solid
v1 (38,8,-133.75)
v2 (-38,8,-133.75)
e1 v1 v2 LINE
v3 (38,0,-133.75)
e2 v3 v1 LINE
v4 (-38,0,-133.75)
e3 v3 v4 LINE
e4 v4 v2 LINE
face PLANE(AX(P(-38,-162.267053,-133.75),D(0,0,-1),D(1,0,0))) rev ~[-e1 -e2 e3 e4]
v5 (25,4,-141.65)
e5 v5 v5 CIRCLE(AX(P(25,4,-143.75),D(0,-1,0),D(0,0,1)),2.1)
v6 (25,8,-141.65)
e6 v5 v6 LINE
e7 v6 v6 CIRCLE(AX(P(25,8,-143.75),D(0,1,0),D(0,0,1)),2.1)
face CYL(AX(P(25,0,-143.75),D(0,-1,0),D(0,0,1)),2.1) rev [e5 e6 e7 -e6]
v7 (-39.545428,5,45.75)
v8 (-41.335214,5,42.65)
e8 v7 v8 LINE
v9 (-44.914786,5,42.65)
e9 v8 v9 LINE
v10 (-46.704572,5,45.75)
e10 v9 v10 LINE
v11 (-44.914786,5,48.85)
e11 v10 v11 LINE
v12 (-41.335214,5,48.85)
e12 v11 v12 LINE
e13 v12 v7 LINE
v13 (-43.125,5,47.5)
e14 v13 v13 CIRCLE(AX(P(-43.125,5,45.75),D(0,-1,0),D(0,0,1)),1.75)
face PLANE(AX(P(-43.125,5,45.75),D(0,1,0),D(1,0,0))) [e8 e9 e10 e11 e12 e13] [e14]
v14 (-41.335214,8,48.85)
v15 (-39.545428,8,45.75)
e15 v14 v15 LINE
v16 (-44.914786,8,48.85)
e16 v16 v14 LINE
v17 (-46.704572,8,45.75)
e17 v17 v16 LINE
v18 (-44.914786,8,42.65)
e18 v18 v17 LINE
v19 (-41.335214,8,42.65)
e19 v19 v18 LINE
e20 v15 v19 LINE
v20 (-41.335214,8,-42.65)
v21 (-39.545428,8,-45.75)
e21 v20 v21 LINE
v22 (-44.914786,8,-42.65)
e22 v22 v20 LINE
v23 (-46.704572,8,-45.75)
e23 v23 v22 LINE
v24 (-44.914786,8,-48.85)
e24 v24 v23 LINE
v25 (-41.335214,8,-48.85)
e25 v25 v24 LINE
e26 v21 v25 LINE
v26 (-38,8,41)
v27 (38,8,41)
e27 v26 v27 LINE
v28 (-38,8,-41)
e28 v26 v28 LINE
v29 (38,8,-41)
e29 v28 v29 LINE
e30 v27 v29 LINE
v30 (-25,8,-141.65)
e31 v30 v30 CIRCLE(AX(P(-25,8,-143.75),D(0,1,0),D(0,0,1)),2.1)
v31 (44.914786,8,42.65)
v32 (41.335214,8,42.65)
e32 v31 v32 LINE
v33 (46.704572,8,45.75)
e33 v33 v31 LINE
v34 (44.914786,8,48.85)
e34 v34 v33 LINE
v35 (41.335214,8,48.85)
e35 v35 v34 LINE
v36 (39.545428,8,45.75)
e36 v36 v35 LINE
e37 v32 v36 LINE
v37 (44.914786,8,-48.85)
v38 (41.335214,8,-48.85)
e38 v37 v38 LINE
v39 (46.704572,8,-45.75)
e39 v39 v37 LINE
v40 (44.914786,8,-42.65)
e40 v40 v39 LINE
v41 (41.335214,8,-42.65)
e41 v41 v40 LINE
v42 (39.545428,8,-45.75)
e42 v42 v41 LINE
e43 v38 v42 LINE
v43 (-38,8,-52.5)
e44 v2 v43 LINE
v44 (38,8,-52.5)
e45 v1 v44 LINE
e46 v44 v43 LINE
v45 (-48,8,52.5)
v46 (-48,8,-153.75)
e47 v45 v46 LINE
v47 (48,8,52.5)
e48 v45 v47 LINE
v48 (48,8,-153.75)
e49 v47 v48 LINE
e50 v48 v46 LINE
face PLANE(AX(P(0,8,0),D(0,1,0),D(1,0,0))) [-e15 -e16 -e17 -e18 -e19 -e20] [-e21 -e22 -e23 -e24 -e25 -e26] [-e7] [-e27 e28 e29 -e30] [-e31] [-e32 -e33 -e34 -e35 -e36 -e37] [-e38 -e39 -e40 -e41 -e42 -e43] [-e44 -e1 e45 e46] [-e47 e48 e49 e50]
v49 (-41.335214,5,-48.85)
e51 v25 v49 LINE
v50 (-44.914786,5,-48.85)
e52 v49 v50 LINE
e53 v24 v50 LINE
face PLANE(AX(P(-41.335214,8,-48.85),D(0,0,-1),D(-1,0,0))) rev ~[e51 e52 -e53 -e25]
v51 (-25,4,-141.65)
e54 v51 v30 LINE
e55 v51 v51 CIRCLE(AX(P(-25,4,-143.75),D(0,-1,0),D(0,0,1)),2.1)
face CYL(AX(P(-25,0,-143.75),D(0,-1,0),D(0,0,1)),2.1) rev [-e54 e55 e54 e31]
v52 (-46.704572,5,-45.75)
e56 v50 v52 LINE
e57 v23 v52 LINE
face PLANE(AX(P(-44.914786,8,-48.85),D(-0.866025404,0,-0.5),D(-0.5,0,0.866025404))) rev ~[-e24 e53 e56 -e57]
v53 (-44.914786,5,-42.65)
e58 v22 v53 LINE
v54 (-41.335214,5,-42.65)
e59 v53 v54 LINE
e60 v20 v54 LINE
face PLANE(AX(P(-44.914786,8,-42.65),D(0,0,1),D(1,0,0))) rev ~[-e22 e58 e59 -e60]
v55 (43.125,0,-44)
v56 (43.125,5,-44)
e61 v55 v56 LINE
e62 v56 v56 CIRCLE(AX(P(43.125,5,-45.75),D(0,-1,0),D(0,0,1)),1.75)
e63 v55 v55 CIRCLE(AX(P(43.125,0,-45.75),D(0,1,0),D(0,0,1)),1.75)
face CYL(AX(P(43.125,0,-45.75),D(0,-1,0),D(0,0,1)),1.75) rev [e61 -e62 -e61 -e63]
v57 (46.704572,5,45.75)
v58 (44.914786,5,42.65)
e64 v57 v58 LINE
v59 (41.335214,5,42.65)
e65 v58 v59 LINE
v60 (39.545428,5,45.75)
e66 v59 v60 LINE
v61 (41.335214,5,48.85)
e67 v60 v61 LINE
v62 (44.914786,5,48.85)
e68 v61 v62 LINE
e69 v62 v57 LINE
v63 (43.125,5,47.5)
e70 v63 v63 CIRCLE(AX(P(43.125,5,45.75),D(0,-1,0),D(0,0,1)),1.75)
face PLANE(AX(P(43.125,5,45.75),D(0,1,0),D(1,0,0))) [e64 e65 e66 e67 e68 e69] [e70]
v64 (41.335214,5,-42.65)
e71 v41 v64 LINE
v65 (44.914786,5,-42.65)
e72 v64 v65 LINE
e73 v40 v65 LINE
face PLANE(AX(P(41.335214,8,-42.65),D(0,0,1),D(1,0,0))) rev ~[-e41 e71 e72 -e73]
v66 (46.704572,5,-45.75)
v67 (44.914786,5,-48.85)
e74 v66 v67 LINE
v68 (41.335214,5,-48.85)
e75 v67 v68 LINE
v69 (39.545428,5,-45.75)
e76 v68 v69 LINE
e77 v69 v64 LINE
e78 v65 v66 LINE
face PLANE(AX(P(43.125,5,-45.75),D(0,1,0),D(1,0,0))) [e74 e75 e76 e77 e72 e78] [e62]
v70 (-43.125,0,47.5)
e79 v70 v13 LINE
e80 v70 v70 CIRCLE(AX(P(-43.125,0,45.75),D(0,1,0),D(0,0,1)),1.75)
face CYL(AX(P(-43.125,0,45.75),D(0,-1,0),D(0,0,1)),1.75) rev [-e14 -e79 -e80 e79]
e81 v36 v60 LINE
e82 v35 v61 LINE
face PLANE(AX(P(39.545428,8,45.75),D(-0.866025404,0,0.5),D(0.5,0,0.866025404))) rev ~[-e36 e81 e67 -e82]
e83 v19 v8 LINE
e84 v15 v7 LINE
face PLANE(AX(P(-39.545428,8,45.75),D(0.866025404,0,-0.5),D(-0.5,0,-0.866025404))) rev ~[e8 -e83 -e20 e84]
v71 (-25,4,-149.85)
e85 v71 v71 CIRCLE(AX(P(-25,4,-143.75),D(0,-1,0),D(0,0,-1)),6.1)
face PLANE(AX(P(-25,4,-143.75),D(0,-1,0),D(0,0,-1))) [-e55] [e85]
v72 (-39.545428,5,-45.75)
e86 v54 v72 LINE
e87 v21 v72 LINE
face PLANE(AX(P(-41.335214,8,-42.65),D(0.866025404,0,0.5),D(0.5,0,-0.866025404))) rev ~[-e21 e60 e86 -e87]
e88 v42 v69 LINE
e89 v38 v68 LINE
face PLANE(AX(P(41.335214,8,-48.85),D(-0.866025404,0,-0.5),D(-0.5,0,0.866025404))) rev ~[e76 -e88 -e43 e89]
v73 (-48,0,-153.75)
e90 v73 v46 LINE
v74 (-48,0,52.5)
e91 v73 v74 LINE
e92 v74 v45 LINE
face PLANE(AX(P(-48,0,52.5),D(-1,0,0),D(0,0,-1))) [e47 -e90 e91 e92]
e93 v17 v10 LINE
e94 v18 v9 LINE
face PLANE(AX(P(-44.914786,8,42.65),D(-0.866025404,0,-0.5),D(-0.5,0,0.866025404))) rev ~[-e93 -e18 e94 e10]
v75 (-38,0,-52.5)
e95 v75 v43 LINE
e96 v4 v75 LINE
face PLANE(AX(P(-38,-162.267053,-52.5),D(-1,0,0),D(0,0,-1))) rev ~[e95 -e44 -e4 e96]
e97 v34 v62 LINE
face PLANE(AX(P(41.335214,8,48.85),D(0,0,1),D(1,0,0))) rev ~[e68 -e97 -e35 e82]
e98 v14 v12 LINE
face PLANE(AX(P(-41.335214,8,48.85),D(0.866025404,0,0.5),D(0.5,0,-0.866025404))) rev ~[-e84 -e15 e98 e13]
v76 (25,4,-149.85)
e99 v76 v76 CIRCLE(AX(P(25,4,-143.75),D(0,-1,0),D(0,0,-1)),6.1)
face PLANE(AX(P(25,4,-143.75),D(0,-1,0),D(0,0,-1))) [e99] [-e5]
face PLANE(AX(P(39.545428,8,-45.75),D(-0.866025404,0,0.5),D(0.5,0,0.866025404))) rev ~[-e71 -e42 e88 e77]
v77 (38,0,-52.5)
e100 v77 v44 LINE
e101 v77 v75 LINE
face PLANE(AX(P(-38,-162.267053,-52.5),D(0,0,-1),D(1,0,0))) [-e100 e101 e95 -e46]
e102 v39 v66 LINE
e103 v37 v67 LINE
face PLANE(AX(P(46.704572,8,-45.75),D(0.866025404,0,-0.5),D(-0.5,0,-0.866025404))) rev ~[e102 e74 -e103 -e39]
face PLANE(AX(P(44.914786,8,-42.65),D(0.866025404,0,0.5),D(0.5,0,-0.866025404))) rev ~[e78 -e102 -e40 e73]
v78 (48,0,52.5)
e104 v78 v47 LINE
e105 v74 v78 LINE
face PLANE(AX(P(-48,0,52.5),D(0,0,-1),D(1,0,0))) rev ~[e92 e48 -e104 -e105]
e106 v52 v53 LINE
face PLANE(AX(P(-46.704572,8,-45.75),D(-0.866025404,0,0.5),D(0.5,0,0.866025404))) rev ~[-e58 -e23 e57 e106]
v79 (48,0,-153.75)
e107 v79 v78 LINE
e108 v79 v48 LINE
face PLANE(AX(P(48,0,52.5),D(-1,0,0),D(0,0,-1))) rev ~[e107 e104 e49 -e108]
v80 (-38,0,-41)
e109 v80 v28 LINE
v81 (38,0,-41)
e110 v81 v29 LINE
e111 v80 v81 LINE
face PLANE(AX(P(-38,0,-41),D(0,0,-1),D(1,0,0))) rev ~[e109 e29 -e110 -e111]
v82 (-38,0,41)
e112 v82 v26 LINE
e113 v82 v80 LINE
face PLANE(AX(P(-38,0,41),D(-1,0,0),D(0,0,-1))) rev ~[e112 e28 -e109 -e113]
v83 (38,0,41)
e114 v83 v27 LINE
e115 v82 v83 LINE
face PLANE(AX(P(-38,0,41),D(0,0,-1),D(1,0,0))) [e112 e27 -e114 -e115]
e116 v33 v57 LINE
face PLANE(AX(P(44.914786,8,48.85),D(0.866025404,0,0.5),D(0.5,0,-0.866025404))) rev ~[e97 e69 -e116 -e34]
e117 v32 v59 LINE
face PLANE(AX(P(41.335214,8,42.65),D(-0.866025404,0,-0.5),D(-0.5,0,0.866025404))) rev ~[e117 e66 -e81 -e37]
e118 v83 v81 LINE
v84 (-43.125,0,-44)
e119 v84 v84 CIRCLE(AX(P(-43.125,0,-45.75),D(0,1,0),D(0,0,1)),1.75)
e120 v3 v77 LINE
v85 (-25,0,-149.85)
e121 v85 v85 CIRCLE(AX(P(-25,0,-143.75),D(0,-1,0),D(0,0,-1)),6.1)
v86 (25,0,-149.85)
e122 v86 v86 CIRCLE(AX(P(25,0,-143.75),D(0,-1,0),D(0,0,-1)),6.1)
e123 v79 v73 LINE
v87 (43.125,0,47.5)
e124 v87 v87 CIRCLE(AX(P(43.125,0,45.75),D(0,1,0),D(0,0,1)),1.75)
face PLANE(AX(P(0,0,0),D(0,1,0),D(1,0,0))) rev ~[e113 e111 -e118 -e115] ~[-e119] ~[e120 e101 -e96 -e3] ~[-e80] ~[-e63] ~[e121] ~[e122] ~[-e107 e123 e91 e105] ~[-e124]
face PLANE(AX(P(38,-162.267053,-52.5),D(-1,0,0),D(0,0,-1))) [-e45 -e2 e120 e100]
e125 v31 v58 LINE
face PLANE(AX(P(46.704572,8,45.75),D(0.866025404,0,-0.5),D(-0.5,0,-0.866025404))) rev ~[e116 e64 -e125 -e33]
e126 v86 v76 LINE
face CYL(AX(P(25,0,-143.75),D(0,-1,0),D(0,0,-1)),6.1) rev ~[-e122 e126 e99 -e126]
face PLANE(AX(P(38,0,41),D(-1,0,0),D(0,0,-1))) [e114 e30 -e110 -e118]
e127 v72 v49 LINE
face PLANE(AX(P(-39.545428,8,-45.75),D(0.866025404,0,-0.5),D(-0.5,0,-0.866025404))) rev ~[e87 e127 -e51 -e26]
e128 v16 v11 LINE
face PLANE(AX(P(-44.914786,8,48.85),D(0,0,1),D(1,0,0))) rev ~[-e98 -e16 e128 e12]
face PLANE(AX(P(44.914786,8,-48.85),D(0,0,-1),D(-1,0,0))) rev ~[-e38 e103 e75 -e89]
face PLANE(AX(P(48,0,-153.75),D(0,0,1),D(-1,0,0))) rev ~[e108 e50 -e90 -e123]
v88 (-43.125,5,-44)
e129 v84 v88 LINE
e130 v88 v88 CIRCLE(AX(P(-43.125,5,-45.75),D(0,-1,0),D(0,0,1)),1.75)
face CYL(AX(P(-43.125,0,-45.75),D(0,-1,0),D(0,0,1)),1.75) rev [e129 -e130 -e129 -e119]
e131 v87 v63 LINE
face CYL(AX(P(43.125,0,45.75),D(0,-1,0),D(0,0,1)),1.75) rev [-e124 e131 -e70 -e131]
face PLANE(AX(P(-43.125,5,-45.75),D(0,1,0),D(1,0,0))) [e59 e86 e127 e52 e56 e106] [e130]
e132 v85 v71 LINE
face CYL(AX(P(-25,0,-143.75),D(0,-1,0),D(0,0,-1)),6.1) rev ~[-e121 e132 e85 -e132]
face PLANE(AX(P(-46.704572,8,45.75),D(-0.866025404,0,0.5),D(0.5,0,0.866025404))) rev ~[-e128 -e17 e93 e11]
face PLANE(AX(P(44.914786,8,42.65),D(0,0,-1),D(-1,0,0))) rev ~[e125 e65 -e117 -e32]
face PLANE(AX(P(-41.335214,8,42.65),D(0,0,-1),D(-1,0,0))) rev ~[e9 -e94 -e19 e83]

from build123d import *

# Parameters (mm, degrees)
SKETCH_1_W               = 96
SKETCH_1_H               = 105
SKETCH_1_R               = 1.75
SKETCH_1_W_2             = 76
SKETCH_1_H_2             = 82
EXTRUDE_1_DEPTH          = 8
SKETCH_1_11_R            = 1.75
SKETCH_1_11_W            = 76
SKETCH_1_11_H            = 82
SKETCH_1_11_R_2          = 2.1
SKETCH_1_11_H_2          = 81.25
EXTRUDE_5_DEPTH          = 8
CUT_EXTRUDE_4_DEPTH      = 162.267053362
CUT_EXTRUDE_4_DEPTH_BACK = 162.267053362
SKETCH_1_12_W            = 76
SKETCH_1_12_H            = 81.25
SKETCH_3_R               = 6.1
CUT_EXTRUDE_5_DEPTH      = 4
CUT_EXTRUDE_6_DEPTH      = 3


with BuildPart() as part:
    # Эскиз1 → Бобышка-Вытянуть1 (new body)
    with BuildSketch(Plane(origin=(0, 0, 0), x_dir=(1, 0, 0), z_dir=(0, 1, 0))):
        Rectangle(SKETCH_1_W, SKETCH_1_H)
        with Locations(Location((-43.125, 45.75, 0), (0, 0, 270))):
            Circle(SKETCH_1_R, mode=Mode.SUBTRACT)
        with Locations(Location((43.125, 45.75, 0), (0, 0, 270))):
            Circle(SKETCH_1_R, mode=Mode.SUBTRACT)
        with Locations(Location((43.125, -45.75, 0), (0, 0, 270))):
            Circle(SKETCH_1_R, mode=Mode.SUBTRACT)
        with Locations(Location((-43.125, -45.75, 0), (0, 0, 270))):
            Circle(SKETCH_1_R, mode=Mode.SUBTRACT)
        Rectangle(SKETCH_1_W_2, SKETCH_1_H_2, mode=Mode.SUBTRACT)
    extrude(amount=EXTRUDE_1_DEPTH)

    # Эскиз1<11> → Бобышка-Вытянуть5 (add)
    # profile 1 of 3: a face of its own
    with BuildSketch(Plane(origin=(0, 0, 0), x_dir=(1, 0, 0), z_dir=(0, 1, 0))):
        Polygon((-48, -52.5), (48, -52.5), (48, 52.5), (38, 52.5), (-38, 52.5), (-48, 52.5), align=None)
        with Locations(Location((-43.125, -45.75, 0), (0, 0, 270))):
            Circle(SKETCH_1_11_R, mode=Mode.SUBTRACT)
        with Locations(Location((-43.125, 45.75, 0), (0, 0, 270))):
            Circle(SKETCH_1_11_R, mode=Mode.SUBTRACT)
        with Locations(Location((43.125, -45.75, 0), (0, 0, 270))):
            Circle(SKETCH_1_11_R, mode=Mode.SUBTRACT)
        Rectangle(SKETCH_1_11_W, SKETCH_1_11_H, mode=Mode.SUBTRACT)
        with Locations(Location((43.125, 45.75, 0), (0, 0, 270))):
            Circle(SKETCH_1_11_R, mode=Mode.SUBTRACT)
    # profile 2 of 3: a face of its own
    with BuildSketch(Plane(origin=(0, 0, 0), x_dir=(1, 0, 0), z_dir=(0, 1, 0))):
        Polygon((38, 52.5), (48, 52.5), (48, 153.75), (-48, 153.75), (-48, 52.5), (-38, 52.5), (-38, 133.75), (38, 133.75), align=None)
        with Locations(Location((-25, 143.75, 0), (0, 0, 270))):
            Circle(SKETCH_1_11_R_2, mode=Mode.SUBTRACT)
        with Locations(Location((25, 143.75, 0), (0, 0, 270))):
            Circle(SKETCH_1_11_R_2, mode=Mode.SUBTRACT)
    # profile 3 of 3: a face of its own
    with BuildSketch(Plane(origin=(0, 0, 0), x_dir=(1, 0, 0), z_dir=(0, 1, 0))):
        with Locations((0, 93.125)):
            Rectangle(SKETCH_1_11_W, SKETCH_1_11_H_2)
    extrude(amount=EXTRUDE_5_DEPTH)

    # Эскиз1<12> → Вырез-Вытянуть4 (cut, two sides: drawn at the far end of the back side and taken through both)
    with BuildSketch(Plane(origin=(0, 0, 0), x_dir=(1, 0, 0), z_dir=(0, 1, 0)).offset(-CUT_EXTRUDE_4_DEPTH_BACK)):
        with Locations((0, 93.125)):
            Rectangle(SKETCH_1_12_W, SKETCH_1_12_H)
    extrude(amount=CUT_EXTRUDE_4_DEPTH + CUT_EXTRUDE_4_DEPTH_BACK, mode=Mode.SUBTRACT)

    # Эскиз3 → Вырез-Вытянуть5 (cut)
    with BuildSketch(Plane.XZ):
        with Locations(Location((-25, -143.75, 0), (0, 0, 270))):
            Circle(SKETCH_3_R)
        with Locations(Location((25, -143.75, 0), (0, 0, 270))):
            Circle(SKETCH_3_R)
    extrude(amount=-CUT_EXTRUDE_5_DEPTH, mode=Mode.SUBTRACT)

    # Эскиз4 → Вырез-Вытянуть6 (cut)
    with BuildSketch(Plane(origin=(0, 8, 0), x_dir=(1, 0, 0), z_dir=(0, 1, 0))):
        Polygon((-39.545428331, 45.75), (-41.335214166, 48.85), (-44.914785834, 48.85), (-46.704571669, 45.75), (-44.914785834, 42.65), (-41.335214166, 42.65), align=None)
        Polygon((39.545428331, 45.75), (41.335214166, 42.65), (44.914785834, 42.65), (46.704571669, 45.75), (44.914785834, 48.85), (41.335214166, 48.85), align=None)
        Polygon((39.545428331, -45.75), (41.335214166, -48.85), (44.914785834, -48.85), (46.704571669, -45.75), (44.914785834, -42.65), (41.335214166, -42.65), align=None)
        Polygon((-39.545428331, -45.75), (-41.335214166, -42.65), (-44.914785834, -42.65), (-46.704571669, -45.75), (-44.914785834, -48.85), (-41.335214166, -48.85), align=None)
    extrude(amount=-CUT_EXTRUDE_6_DEPTH, mode=Mode.SUBTRACT)


solid = part.part
